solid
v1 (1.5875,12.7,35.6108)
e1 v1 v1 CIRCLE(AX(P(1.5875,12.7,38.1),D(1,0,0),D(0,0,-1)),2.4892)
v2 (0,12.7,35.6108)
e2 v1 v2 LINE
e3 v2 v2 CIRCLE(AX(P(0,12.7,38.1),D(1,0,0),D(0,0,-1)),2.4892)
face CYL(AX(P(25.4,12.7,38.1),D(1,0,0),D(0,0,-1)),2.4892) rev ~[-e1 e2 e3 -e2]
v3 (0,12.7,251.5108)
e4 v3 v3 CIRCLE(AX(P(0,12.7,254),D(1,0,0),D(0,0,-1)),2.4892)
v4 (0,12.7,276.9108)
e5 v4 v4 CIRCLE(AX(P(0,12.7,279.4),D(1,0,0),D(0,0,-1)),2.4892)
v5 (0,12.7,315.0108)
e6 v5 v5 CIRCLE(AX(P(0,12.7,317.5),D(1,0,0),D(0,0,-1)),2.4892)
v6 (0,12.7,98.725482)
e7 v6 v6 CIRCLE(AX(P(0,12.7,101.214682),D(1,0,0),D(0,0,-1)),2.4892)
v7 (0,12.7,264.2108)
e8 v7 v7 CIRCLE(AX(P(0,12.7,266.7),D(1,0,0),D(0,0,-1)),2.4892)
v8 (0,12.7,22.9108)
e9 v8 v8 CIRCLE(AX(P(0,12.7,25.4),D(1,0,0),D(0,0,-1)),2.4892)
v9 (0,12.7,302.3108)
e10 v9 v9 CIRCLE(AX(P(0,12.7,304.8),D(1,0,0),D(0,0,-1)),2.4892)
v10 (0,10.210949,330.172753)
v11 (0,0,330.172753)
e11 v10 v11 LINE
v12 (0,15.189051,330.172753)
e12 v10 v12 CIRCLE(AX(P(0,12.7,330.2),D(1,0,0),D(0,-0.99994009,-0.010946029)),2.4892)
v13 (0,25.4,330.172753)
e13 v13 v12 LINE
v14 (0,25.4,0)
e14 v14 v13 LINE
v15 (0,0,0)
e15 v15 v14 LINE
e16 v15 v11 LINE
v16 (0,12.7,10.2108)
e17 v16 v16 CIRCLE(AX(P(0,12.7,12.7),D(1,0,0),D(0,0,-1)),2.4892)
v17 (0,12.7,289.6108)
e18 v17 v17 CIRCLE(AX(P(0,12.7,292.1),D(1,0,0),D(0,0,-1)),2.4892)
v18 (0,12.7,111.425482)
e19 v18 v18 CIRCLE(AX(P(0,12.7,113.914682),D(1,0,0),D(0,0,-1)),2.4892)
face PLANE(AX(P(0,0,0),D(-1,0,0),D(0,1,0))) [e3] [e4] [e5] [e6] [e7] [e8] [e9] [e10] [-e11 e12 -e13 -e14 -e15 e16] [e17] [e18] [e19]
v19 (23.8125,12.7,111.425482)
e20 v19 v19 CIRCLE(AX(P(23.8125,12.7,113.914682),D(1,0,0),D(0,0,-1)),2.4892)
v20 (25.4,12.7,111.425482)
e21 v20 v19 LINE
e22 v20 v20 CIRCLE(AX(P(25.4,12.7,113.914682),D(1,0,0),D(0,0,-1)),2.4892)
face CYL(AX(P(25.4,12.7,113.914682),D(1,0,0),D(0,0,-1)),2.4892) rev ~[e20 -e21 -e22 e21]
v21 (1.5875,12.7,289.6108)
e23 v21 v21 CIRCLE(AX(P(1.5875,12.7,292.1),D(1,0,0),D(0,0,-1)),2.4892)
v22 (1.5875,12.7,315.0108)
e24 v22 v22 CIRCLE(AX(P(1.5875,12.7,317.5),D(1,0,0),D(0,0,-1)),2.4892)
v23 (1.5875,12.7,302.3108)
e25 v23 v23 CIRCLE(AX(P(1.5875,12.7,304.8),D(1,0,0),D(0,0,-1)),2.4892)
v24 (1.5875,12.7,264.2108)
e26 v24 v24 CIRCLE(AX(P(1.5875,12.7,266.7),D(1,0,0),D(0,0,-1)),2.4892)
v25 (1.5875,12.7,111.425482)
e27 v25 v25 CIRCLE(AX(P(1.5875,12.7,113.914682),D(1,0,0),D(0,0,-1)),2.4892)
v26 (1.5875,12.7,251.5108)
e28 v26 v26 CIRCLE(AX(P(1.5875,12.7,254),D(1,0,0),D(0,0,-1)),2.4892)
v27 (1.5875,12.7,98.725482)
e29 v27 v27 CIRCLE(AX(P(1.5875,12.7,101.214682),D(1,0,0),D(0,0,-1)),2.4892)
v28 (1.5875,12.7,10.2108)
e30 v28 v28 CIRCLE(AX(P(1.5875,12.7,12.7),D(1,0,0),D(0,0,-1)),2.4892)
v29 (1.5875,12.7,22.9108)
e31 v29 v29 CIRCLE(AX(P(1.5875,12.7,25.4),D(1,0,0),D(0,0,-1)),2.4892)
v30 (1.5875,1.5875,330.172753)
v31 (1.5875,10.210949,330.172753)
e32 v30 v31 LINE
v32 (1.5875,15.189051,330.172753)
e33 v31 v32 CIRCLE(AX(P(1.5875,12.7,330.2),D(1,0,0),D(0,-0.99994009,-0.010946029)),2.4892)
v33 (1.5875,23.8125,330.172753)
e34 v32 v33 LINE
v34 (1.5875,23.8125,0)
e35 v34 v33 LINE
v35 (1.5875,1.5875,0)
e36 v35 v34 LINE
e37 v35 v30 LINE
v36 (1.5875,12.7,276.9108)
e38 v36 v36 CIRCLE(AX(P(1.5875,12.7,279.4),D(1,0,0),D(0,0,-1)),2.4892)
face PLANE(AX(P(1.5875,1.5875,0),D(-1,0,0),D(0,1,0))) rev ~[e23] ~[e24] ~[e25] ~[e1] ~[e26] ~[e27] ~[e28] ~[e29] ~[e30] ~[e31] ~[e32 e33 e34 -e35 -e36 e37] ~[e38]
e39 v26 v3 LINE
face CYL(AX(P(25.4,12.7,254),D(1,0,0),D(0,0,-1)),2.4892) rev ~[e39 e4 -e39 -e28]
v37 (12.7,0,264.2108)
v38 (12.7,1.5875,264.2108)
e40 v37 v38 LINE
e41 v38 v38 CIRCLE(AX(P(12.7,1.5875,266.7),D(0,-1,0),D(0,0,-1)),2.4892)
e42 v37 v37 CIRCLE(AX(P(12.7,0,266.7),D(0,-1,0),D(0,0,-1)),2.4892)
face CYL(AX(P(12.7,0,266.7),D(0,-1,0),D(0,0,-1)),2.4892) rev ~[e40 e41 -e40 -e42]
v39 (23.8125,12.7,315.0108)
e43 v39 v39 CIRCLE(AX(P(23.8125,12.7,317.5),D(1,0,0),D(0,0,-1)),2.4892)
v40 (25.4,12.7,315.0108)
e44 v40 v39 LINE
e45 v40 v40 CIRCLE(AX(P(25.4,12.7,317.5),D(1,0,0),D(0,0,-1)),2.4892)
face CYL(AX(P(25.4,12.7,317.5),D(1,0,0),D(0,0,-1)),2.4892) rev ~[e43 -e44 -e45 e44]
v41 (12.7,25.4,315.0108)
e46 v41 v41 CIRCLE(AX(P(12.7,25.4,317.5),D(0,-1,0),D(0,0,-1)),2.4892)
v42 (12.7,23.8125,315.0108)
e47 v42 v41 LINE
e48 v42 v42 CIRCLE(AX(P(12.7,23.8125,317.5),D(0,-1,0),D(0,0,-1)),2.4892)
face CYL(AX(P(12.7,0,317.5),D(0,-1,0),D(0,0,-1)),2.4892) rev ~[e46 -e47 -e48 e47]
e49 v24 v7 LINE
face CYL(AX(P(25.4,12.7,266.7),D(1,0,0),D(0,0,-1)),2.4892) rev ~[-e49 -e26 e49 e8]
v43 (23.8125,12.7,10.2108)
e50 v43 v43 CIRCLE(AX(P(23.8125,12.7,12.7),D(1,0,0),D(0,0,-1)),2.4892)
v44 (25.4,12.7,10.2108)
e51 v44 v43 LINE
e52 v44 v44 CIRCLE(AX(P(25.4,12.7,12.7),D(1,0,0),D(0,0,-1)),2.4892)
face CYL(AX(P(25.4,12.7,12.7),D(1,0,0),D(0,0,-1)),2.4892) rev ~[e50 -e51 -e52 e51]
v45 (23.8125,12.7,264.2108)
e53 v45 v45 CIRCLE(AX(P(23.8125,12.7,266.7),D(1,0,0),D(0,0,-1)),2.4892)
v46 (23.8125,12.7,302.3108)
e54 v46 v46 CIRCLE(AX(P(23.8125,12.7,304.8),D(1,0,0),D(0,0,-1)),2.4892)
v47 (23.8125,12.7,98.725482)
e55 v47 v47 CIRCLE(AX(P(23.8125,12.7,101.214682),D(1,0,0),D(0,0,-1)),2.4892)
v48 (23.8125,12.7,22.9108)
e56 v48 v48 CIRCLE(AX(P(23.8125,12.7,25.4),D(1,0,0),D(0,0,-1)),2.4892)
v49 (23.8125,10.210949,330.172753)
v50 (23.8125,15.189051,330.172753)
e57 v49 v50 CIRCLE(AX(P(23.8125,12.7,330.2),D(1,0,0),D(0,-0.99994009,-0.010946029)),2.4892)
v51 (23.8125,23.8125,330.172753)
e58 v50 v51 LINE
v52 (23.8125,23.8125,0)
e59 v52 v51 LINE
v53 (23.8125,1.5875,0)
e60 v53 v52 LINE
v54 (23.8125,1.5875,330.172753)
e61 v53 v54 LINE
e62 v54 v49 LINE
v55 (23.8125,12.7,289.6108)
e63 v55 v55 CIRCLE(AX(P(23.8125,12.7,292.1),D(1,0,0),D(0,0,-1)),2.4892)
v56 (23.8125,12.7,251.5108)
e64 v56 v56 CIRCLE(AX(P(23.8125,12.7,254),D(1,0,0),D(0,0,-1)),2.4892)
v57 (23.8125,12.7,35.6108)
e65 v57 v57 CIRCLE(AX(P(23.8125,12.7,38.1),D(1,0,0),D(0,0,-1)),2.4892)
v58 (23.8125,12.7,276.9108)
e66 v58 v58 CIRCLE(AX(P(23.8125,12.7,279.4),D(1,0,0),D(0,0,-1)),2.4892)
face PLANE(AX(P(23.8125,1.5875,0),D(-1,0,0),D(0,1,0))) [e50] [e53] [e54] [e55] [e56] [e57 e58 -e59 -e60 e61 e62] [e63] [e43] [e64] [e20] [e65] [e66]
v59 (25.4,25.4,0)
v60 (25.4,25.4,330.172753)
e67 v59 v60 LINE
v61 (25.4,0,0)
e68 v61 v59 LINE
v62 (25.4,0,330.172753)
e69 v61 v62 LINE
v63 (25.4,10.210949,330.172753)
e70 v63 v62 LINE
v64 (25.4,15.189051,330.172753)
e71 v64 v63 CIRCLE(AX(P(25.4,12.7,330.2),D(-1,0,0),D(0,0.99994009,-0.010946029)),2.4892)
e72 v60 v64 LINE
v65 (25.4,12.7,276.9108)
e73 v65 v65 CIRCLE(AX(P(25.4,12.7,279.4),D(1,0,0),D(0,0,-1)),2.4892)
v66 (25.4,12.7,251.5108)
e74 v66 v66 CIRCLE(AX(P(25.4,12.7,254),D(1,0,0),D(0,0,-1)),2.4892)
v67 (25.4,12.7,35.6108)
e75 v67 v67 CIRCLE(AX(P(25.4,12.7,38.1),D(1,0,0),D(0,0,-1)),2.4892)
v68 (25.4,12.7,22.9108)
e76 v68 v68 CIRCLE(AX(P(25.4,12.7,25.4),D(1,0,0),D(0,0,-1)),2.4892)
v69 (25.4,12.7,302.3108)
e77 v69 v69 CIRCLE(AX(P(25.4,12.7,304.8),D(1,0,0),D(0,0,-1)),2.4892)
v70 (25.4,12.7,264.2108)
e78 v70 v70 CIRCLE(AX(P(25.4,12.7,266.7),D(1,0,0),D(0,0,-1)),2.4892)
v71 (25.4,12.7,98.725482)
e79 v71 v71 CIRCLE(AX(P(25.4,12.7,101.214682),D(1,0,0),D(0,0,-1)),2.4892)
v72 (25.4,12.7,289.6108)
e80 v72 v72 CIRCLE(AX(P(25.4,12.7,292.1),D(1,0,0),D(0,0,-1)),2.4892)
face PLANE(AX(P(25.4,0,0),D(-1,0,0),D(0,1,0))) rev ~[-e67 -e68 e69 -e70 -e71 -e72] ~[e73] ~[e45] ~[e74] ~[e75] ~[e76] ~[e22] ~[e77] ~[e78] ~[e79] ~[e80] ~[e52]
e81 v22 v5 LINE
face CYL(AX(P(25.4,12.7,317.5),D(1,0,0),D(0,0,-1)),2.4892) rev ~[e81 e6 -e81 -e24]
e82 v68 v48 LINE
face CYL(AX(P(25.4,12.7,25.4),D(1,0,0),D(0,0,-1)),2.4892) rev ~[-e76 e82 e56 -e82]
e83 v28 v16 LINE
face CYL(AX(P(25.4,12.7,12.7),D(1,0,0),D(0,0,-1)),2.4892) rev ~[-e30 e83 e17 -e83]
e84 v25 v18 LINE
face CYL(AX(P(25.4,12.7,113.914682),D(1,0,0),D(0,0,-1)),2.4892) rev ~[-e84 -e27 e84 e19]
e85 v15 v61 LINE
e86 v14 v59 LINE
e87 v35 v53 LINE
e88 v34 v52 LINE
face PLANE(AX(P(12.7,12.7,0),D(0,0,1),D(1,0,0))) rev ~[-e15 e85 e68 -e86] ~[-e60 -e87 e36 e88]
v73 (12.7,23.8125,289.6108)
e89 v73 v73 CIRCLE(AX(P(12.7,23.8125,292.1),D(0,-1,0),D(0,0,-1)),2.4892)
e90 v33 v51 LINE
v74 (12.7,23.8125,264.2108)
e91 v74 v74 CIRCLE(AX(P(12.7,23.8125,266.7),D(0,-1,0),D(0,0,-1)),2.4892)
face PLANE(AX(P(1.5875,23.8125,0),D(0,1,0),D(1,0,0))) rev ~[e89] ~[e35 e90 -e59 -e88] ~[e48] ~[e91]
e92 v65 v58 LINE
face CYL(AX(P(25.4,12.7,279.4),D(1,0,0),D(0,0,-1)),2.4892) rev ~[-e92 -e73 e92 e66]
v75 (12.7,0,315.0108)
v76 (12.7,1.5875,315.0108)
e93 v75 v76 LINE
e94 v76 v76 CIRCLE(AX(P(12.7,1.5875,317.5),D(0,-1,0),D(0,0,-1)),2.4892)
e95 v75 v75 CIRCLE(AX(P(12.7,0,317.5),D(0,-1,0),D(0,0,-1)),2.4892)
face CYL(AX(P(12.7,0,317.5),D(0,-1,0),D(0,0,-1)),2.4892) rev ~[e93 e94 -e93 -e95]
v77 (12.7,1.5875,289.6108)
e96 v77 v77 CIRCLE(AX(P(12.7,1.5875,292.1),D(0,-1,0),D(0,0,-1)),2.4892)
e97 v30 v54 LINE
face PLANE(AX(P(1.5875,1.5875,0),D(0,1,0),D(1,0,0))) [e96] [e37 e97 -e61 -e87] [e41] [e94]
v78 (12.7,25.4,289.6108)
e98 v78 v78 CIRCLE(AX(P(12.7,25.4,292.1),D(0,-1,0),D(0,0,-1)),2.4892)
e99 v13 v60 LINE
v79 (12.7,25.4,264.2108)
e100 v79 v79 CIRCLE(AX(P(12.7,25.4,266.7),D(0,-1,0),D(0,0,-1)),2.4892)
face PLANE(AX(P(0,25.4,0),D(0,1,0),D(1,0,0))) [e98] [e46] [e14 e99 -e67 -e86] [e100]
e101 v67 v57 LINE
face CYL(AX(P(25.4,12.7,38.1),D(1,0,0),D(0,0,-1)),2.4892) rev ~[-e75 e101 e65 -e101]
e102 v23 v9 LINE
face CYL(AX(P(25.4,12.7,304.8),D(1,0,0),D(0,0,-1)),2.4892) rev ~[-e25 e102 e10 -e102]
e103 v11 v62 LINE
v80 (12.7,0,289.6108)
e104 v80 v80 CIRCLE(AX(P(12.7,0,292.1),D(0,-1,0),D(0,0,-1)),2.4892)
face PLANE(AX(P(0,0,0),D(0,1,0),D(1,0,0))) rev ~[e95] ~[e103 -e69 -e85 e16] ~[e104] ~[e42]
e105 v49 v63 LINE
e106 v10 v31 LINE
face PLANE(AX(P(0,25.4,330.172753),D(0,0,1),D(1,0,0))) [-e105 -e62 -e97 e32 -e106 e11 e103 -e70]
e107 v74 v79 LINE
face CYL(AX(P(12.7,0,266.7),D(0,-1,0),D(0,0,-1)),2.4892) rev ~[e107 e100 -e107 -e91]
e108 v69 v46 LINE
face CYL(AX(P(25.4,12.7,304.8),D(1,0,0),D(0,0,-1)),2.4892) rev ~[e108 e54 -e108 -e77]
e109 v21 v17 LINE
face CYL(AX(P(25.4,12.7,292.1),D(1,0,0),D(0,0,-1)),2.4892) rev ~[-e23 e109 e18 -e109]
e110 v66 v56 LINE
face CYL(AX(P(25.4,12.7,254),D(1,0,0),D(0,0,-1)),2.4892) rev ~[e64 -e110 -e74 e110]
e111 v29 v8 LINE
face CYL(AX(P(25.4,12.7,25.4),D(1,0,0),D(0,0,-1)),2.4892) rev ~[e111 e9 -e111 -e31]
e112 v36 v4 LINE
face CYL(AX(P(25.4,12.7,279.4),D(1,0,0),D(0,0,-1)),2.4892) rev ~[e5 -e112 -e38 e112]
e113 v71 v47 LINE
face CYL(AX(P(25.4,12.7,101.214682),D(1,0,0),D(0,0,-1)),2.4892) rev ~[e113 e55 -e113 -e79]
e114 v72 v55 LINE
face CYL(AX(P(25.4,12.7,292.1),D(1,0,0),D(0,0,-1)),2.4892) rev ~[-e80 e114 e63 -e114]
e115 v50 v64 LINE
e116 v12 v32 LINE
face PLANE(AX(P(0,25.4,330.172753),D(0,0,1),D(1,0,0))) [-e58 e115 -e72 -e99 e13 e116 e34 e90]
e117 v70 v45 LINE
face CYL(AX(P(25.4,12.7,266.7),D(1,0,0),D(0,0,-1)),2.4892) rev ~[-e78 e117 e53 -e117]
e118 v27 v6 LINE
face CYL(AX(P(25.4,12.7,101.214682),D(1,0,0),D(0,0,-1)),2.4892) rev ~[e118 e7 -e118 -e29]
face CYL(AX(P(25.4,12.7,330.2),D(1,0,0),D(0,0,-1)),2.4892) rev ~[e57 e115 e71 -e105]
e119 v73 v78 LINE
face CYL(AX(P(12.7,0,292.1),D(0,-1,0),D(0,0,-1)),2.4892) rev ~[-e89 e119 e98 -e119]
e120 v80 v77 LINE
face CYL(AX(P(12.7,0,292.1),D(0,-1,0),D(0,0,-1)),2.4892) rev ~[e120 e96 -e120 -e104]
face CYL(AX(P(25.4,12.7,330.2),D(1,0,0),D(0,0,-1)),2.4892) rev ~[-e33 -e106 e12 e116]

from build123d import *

# Parameters (mm, degrees)
SKETCH1_W           = 25.4
SKETCH1_H           = 25.4
SKETCH1_W_2         = 22.225
SKETCH1_H_2         = 22.225
BOSS_EXTRUDE1_DEPTH = 1016
SKETCH2_R           = 2.4892
CUT_EXTRUDE1_DEPTH  = 1017.634801686
SKETCH4_R           = 2.4892
CUT_EXTRUDE2_DEPTH  = 1017.634801686
SKETCH5_W           = 25.4
SKETCH5_H           = 685.827246856
CUT_EXTRUDE3_DEPTH  = 1017.634801686


with BuildPart() as part:
    # Sketch1 → Boss-Extrude1 (new body)
    with BuildSketch(Plane.XY):
        with Locations((12.7, 12.7)):
            Rectangle(SKETCH1_W, SKETCH1_H)
        with Locations((12.7, 12.7)):
            Rectangle(SKETCH1_W_2, SKETCH1_H_2, mode=Mode.SUBTRACT)
    extrude(amount=BOSS_EXTRUDE1_DEPTH)

    # Sketch2 → Cut-Extrude1 (cut, through all)
    with BuildSketch(Plane(origin=(0, 0, 0), x_dir=(-1, 0, 0), z_dir=(0, -1, 0))):
        with Locations((12.7, -1003.3)):
            Circle(SKETCH2_R)
        with Locations(Location((-12.7, -1003.3, 0), (0, 0, 90))):
            Circle(SKETCH2_R)
        with Locations(Location((-12.7, -977.9, 0), (0, 0, 90))):
            Circle(SKETCH2_R)
        with Locations(Location((-12.7, -952.5, 0), (0, 0, 90))):
            Circle(SKETCH2_R)
        with Locations(Location((-12.7, -927.1, 0), (0, 0, 90))):
            Circle(SKETCH2_R)
        with Locations(Location((-12.7, -901.7, 0), (0, 0, 90))):
            Circle(SKETCH2_R)
        with Locations(Location((-12.7, -876.3, 0), (0, 0, 90))):
            Circle(SKETCH2_R)
        with Locations(Location((-12.7, -850.9, 0), (0, 0, 90))):
            Circle(SKETCH2_R)
        with Locations(Location((-12.7, -825.5, 0), (0, 0, 90))):
            Circle(SKETCH2_R)
        with Locations(Location((-12.7, -800.1, 0), (0, 0, 90))):
            Circle(SKETCH2_R)
        with Locations(Location((-12.7, -774.7, 0), (0, 0, 90))):
            Circle(SKETCH2_R)
        with Locations(Location((-12.7, -749.3, 0), (0, 0, 90))):
            Circle(SKETCH2_R)
        with Locations(Location((-12.7, -723.9, 0), (0, 0, 90))):
            Circle(SKETCH2_R)
        with Locations((12.7, -977.9)):
            Circle(SKETCH2_R)
        with Locations((12.7, -952.5)):
            Circle(SKETCH2_R)
        with Locations((12.7, -927.1)):
            Circle(SKETCH2_R)
        with Locations((12.7, -901.7)):
            Circle(SKETCH2_R)
        with Locations((12.7, -876.3)):
            Circle(SKETCH2_R)
        with Locations((12.7, -850.9)):
            Circle(SKETCH2_R)
        with Locations((12.7, -825.5)):
            Circle(SKETCH2_R)
        with Locations((12.7, -800.1)):
            Circle(SKETCH2_R)
        with Locations((12.7, -774.7)):
            Circle(SKETCH2_R)
        with Locations((12.7, -749.3)):
            Circle(SKETCH2_R)
        with Locations((12.7, -723.9)):
            Circle(SKETCH2_R)
        with Locations((12.7, -698.5)):
            Circle(SKETCH2_R)
        with Locations(Location((-12.7, -698.5, 0), (0, 0, 90))):
            Circle(SKETCH2_R)
        with Locations((12.7, -673.1)):
            Circle(SKETCH2_R)
        with Locations(Location((-12.7, -673.1, 0), (0, 0, 90))):
            Circle(SKETCH2_R)
        with Locations((12.7, -647.7)):
            Circle(SKETCH2_R)
        with Locations(Location((-12.7, -647.7, 0), (0, 0, 90))):
            Circle(SKETCH2_R)
        with Locations((12.7, -622.3)):
            Circle(SKETCH2_R)
        with Locations(Location((-12.7, -622.3, 0), (0, 0, 90))):
            Circle(SKETCH2_R)
        with Locations((12.7, -596.9)):
            Circle(SKETCH2_R)
        with Locations(Location((-12.7, -596.9, 0), (0, 0, 90))):
            Circle(SKETCH2_R)
        with Locations((12.7, -571.5)):
            Circle(SKETCH2_R)
        with Locations(Location((-12.7, -571.5, 0), (0, 0, 90))):
            Circle(SKETCH2_R)
        with Locations((12.7, -546.1)):
            Circle(SKETCH2_R)
        with Locations(Location((-12.7, -546.1, 0), (0, 0, 90))):
            Circle(SKETCH2_R)
        with Locations((12.7, -520.7)):
            Circle(SKETCH2_R)
        with Locations(Location((-12.7, -520.7, 0), (0, 0, 90))):
            Circle(SKETCH2_R)
        with Locations((12.7, -495.3)):
            Circle(SKETCH2_R)
        with Locations(Location((-12.7, -495.3, 0), (0, 0, 90))):
            Circle(SKETCH2_R)
        with Locations((12.7, -469.9)):
            Circle(SKETCH2_R)
        with Locations(Location((-12.7, -469.9, 0), (0, 0, 90))):
            Circle(SKETCH2_R)
        with Locations((12.7, -444.5)):
            Circle(SKETCH2_R)
        with Locations(Location((-12.7, -444.5, 0), (0, 0, 90))):
            Circle(SKETCH2_R)
        with Locations((12.7, -419.1)):
            Circle(SKETCH2_R)
        with Locations(Location((-12.7, -419.1, 0), (0, 0, 90))):
            Circle(SKETCH2_R)
        with Locations((12.7, -393.7)):
            Circle(SKETCH2_R)
        with Locations(Location((-12.7, -393.7, 0), (0, 0, 90))):
            Circle(SKETCH2_R)
        with Locations((12.7, -368.3)):
            Circle(SKETCH2_R)
        with Locations(Location((-12.7, -368.3, 0), (0, 0, 90))):
            Circle(SKETCH2_R)
        with Locations((12.7, -342.9)):
            Circle(SKETCH2_R)
        with Locations(Location((-12.7, -342.9, 0), (0, 0, 90))):
            Circle(SKETCH2_R)
        with Locations((12.7, -317.5)):
            Circle(SKETCH2_R)
        with Locations(Location((-12.7, -317.5, 0), (0, 0, 90))):
            Circle(SKETCH2_R)
        with Locations((12.7, -292.1)):
            Circle(SKETCH2_R)
        with Locations(Location((-12.7, -292.1, 0), (0, 0, 90))):
            Circle(SKETCH2_R)
        with Locations((12.7, -266.7)):
            Circle(SKETCH2_R)
        with Locations(Location((-12.7, -266.7, 0), (0, 0, 90))):
            Circle(SKETCH2_R)
    extrude(amount=-CUT_EXTRUDE1_DEPTH, mode=Mode.SUBTRACT)

    # Sketch4 → Cut-Extrude2 (cut, through all)
    with BuildSketch(Plane(origin=(25.4, 0, 0), x_dir=(0, 0, -1), z_dir=(1, 0, 0))):
        with Locations((-1003.3, 12.7)):
            Circle(SKETCH4_R)
        with Locations((-990.6, 12.7)):
            Circle(SKETCH4_R)
        with Locations((-977.9, 12.7)):
            Circle(SKETCH4_R)
        with Locations((-965.2, 12.7)):
            Circle(SKETCH4_R)
        with Locations((-952.5, 12.7)):
            Circle(SKETCH4_R)
        with Locations((-939.8, 12.7)):
            Circle(SKETCH4_R)
        with Locations((-927.1, 12.7)):
            Circle(SKETCH4_R)
        with Locations((-914.4, 12.7)):
            Circle(SKETCH4_R)
        with Locations((-901.7, 12.7)):
            Circle(SKETCH4_R)
        with Locations((-889, 12.7)):
            Circle(SKETCH4_R)
        with Locations((-876.3, 12.7)):
            Circle(SKETCH4_R)
        with Locations((-863.6, 12.7)):
            Circle(SKETCH4_R)
        with Locations((-850.9, 12.7)):
            Circle(SKETCH4_R)
        with Locations((-838.2, 12.7)):
            Circle(SKETCH4_R)
        with Locations((-825.5, 12.7)):
            Circle(SKETCH4_R)
        with Locations((-812.8, 12.7)):
            Circle(SKETCH4_R)
        with Locations((-800.1, 12.7)):
            Circle(SKETCH4_R)
        with Locations((-787.4, 12.7)):
            Circle(SKETCH4_R)
        with Locations((-774.7, 12.7)):
            Circle(SKETCH4_R)
        with Locations((-762, 12.7)):
            Circle(SKETCH4_R)
        with Locations((-749.3, 12.7)):
            Circle(SKETCH4_R)
        with Locations((-736.6, 12.7)):
            Circle(SKETCH4_R)
        with Locations((-723.9, 12.7)):
            Circle(SKETCH4_R)
        with Locations((-711.2, 12.7)):
            Circle(SKETCH4_R)
        with Locations((-698.5, 12.7)):
            Circle(SKETCH4_R)
        with Locations((-685.8, 12.7)):
            Circle(SKETCH4_R)
        with Locations((-673.1, 12.7)):
            Circle(SKETCH4_R)
        with Locations((-660.4, 12.7)):
            Circle(SKETCH4_R)
        with Locations((-647.7, 12.7)):
            Circle(SKETCH4_R)
        with Locations((-635, 12.7)):
            Circle(SKETCH4_R)
        with Locations((-622.3, 12.7)):
            Circle(SKETCH4_R)
        with Locations((-609.6, 12.7)):
            Circle(SKETCH4_R)
        with Locations((-596.9, 12.7)):
            Circle(SKETCH4_R)
        with Locations((-113.914682, 12.7)):
            Circle(SKETCH4_R)
        with Locations((-101.214682, 12.7)):
            Circle(SKETCH4_R)
        with Locations((-584.2, 12.7)):
            Circle(SKETCH4_R)
        with Locations((-571.5, 12.7)):
            Circle(SKETCH4_R)
        with Locations((-558.8, 12.7)):
            Circle(SKETCH4_R)
        with Locations((-546.1, 12.7)):
            Circle(SKETCH4_R)
        with Locations((-533.4, 12.7)):
            Circle(SKETCH4_R)
        with Locations((-520.7, 12.7)):
            Circle(SKETCH4_R)
        with Locations((-508, 12.7)):
            Circle(SKETCH4_R)
        with Locations((-495.3, 12.7)):
            Circle(SKETCH4_R)
        with Locations((-482.6, 12.7)):
            Circle(SKETCH4_R)
        with Locations((-469.9, 12.7)):
            Circle(SKETCH4_R)
        with Locations((-457.2, 12.7)):
            Circle(SKETCH4_R)
        with Locations((-444.5, 12.7)):
            Circle(SKETCH4_R)
        with Locations((-431.8, 12.7)):
            Circle(SKETCH4_R)
        with Locations((-419.1, 12.7)):
            Circle(SKETCH4_R)
        with Locations((-406.4, 12.7)):
            Circle(SKETCH4_R)
        with Locations((-393.7, 12.7)):
            Circle(SKETCH4_R)
        with Locations((-381, 12.7)):
            Circle(SKETCH4_R)
        with Locations((-368.3, 12.7)):
            Circle(SKETCH4_R)
        with Locations((-355.6, 12.7)):
            Circle(SKETCH4_R)
        with Locations((-342.9, 12.7)):
            Circle(SKETCH4_R)
        with Locations((-330.2, 12.7)):
            Circle(SKETCH4_R)
        with Locations((-317.5, 12.7)):
            Circle(SKETCH4_R)
        with Locations((-304.8, 12.7)):
            Circle(SKETCH4_R)
        with Locations((-292.1, 12.7)):
            Circle(SKETCH4_R)
        with Locations((-279.4, 12.7)):
            Circle(SKETCH4_R)
        with Locations((-266.7, 12.7)):
            Circle(SKETCH4_R)
        with Locations((-254, 12.7)):
            Circle(SKETCH4_R)
        with Locations((-12.7, 12.7)):
            Circle(SKETCH4_R)
        with Locations((-25.4, 12.7)):
            Circle(SKETCH4_R)
        with Locations((-38.1, 12.7)):
            Circle(SKETCH4_R)
    extrude(amount=-CUT_EXTRUDE2_DEPTH, mode=Mode.SUBTRACT)

    # Sketch5 → Cut-Extrude3 (cut, through all)
    with BuildSketch(Plane(origin=(0, 25.4, 0), x_dir=(1, 0, 0), z_dir=(0, 1, 0))):
        with Locations((12.7, -673.086376572)):
            Rectangle(SKETCH5_W, SKETCH5_H)
    extrude(amount=-CUT_EXTRUDE3_DEPTH, mode=Mode.SUBTRACT)


solid = part.part
